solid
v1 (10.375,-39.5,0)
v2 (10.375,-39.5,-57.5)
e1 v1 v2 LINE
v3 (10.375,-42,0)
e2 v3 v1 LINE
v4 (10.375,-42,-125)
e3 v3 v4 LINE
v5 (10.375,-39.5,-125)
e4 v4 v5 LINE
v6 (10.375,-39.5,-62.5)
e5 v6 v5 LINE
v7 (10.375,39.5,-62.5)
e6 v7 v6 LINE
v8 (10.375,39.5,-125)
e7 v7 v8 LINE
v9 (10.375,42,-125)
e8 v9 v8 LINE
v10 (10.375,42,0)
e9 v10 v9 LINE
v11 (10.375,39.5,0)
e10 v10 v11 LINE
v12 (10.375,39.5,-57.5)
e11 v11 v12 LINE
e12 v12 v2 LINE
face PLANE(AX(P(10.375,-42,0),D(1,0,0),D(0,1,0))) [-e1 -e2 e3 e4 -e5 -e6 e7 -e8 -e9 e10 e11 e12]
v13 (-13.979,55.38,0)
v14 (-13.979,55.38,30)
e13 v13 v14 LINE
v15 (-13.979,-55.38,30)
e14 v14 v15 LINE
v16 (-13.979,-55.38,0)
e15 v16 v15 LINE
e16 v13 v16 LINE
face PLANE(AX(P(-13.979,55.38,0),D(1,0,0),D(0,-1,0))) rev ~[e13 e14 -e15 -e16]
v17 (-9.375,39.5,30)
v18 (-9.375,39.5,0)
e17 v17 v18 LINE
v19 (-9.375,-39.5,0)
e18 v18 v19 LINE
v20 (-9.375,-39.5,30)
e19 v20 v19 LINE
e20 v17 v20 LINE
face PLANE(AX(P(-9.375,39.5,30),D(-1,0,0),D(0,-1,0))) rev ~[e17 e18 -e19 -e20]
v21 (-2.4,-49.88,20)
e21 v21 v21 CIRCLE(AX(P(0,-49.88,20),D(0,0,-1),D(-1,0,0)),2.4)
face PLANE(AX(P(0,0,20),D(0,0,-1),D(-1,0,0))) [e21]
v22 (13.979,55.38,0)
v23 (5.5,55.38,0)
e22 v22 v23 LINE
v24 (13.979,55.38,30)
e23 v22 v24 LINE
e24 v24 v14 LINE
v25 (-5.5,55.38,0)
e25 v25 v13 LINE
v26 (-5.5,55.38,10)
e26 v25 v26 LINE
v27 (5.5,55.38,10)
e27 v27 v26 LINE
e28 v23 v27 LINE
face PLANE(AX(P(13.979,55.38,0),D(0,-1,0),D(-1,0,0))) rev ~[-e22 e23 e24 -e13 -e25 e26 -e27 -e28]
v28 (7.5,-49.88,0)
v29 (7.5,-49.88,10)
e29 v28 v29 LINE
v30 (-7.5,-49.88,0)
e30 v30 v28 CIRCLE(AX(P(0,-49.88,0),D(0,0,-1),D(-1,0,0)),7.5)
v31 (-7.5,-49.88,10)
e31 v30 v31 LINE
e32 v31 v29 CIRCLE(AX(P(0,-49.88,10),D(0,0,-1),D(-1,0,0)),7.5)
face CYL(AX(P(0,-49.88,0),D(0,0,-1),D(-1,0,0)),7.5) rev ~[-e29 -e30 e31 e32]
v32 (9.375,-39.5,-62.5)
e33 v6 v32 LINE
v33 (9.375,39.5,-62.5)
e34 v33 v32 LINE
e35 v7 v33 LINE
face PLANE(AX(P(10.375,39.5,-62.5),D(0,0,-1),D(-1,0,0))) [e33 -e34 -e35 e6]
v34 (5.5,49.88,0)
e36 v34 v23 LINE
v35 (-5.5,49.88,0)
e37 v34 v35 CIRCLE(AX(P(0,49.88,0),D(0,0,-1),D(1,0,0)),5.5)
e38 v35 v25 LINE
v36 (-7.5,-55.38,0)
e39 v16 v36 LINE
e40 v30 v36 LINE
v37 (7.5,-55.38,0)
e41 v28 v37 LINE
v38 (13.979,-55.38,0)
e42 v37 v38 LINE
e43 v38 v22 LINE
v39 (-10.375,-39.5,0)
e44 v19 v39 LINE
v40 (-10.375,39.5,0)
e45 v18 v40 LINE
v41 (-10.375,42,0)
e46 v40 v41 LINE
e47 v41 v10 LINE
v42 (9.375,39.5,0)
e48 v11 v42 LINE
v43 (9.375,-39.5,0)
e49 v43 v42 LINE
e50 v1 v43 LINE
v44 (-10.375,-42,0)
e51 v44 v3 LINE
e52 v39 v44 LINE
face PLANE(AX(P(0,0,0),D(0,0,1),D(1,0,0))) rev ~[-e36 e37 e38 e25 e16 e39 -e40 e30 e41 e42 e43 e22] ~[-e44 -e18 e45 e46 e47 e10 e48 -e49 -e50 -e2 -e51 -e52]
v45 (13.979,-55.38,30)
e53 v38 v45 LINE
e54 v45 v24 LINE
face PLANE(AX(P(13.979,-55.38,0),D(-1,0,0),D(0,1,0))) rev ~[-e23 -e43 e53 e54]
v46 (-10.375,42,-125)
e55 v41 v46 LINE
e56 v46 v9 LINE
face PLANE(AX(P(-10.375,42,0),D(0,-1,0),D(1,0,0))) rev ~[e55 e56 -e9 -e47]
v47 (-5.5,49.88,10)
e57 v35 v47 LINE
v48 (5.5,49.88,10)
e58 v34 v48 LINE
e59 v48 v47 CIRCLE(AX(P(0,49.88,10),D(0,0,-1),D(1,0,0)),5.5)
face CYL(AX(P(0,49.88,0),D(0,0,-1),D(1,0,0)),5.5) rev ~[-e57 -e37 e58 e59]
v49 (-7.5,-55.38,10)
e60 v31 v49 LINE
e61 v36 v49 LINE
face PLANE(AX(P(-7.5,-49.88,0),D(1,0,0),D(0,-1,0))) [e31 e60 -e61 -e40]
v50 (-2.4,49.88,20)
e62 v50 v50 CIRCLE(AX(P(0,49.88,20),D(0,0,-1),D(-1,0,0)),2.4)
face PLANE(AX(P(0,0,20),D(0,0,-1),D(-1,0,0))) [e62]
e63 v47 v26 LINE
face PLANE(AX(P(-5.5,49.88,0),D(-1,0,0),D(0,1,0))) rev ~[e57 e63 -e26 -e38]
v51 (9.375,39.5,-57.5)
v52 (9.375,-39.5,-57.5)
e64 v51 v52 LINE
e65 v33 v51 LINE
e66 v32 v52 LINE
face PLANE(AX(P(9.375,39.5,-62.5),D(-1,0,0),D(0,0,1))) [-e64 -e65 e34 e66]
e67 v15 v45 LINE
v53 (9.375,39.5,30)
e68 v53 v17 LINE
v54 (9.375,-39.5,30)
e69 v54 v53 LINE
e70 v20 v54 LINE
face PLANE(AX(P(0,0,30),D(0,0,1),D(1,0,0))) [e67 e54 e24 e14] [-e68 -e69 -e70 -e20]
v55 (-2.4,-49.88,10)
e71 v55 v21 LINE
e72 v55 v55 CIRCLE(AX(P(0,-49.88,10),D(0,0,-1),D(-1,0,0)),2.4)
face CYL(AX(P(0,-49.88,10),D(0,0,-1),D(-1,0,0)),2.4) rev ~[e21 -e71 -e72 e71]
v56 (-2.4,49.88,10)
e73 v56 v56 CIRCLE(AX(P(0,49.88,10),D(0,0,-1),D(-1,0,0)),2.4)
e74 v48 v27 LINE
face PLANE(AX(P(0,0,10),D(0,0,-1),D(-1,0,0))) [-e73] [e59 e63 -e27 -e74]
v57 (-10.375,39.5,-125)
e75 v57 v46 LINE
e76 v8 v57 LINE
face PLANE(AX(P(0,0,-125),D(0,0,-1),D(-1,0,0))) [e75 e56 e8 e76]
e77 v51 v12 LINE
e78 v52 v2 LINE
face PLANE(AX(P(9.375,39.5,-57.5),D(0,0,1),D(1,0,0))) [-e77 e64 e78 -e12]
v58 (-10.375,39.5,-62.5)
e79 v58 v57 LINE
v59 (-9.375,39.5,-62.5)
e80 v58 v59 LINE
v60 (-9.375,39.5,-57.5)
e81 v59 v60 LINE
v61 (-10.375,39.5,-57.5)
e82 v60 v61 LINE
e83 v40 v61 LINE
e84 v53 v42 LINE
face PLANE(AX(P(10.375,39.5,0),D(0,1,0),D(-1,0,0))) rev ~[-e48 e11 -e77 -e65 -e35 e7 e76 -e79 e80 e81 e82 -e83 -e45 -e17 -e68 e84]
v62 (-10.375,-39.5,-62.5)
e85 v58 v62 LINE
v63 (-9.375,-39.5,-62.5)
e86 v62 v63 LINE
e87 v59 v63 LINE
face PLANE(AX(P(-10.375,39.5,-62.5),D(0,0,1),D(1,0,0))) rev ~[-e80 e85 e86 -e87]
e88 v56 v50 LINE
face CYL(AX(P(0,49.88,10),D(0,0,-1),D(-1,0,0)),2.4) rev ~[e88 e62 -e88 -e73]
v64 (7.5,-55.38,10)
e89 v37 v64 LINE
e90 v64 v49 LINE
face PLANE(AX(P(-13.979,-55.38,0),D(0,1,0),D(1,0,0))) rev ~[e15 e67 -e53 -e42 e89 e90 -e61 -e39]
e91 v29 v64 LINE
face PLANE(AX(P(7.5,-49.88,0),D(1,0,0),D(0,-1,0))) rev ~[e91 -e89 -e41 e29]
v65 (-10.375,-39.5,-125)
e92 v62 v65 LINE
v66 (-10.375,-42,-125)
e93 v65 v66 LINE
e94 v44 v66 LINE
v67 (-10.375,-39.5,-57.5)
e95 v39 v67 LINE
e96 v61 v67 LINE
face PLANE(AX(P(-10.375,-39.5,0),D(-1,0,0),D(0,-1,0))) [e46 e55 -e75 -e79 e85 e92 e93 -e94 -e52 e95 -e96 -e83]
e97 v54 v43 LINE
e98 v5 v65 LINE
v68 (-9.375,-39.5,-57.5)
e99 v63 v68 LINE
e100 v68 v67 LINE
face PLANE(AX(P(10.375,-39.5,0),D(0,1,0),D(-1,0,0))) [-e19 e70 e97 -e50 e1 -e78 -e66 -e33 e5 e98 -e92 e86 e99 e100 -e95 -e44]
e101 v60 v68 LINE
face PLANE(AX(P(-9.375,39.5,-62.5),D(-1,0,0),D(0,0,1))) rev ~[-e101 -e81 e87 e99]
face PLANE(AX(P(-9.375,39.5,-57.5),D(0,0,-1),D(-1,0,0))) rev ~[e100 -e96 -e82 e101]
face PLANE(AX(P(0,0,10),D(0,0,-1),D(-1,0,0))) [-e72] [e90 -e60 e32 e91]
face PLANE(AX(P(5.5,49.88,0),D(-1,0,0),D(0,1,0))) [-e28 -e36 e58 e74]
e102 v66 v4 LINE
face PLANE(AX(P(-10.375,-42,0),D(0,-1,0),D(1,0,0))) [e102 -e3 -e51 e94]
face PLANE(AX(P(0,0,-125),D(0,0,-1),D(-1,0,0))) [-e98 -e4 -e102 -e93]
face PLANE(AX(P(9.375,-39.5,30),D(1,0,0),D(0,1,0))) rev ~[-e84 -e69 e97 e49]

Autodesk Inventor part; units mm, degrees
ref_plane "YZ Plane" through (0, 0, 0) normal (1, 0, 0) x (0, 1, 0)
ref_plane "XZ Plane" through (0, 0, 0) normal (0, 1, 0) x (-1, 0, 0)
ref_plane "XY Plane" through (0, 0, 0) normal (0, 0, 1) x (1, 0, 0)
sketch "Sketch1" plane through (0, 0, 0) normal (0, 0, 1) x (1, 0, 0)
  line L0 (-13.979, -55.38) -> (13.979, -55.38)
  line L1 (13.979, -55.38) -> (13.979, 55.38)
  line L2 (13.979, 55.38) -> (-13.979, 55.38)
  line L3 (-13.979, 55.38) -> (-13.979, -55.38)
  line L4 (-13.979, -55.38) -> (13.979, 55.38) construction
  line L5 (13.979, -55.38) -> (-13.979, 55.38) construction
  point P0 (0, 0)
  dimension "d0" = 27.958
  dimension "d1" = 110.76
extrude "Extrusion1" add sketch "Sketch1" along normal blind 30
sketch "Sketch2" plane through (0, 0, 0) normal (0, 0, -1) x (-1, 0, 0)
  line L0 (13.979, -55.38) -> (-13.979, -55.38) construction
  line L1 (0, -55.38) -> (0, -49.88) construction
  arc A0 (7.5, -49.88) -> (-7.5, -49.88) centre (0, -49.88) ccw
  line L2 (-7.5, -49.88) -> (-7.5, -55.38)
  line L3 (7.5, -49.88) -> (7.5, -55.38)
  line L4 (-13.979, 55.38) -> (13.979, 55.38) construction
  line L5 (0, 55.38) -> (0, 49.88) construction
  arc A1 (-5.5, 49.88) -> (5.5, 49.88) centre (0, 49.88) ccw
  line L6 (-5.5, 49.88) -> (-5.5, 55.38)
  line L7 (5.5, 49.88) -> (5.5, 55.38)
  line L8 (-5.5, 55.38) -> (5.5, 55.38)
  line L9 (-7.5, -55.38) -> (7.5, -55.38)
  point P0 (0, 0)
  dimension "d4" = 5.5
  dimension "d5" = 15
  dimension "d6" = 5.5
extrude "Extrusion2" cut sketch "Sketch2" against normal blind 10
sketch "Sketch3" plane through (0, 0, 10) normal (0, 0, -1) x (-1, 0, 0)
  arc A0 (-5.5, 49.88) -> (5.5, 49.88) centre (0, 49.88) ccw projected
  circle A1 centre (0, 49.88) radius 2.4
  arc A2 (7.5, -49.88) -> (-7.5, -49.88) centre (0, -49.88) ccw projected
  circle A3 centre (0, -49.88) radius 2.4
  point P0 (0, 0)
  dimension "d9" = 4.8
  dimension "d10" = 4.8
extrude "Extrusion3" cut sketch "Sketch3" against normal blind 10
sketch "Sketch4" plane through (0, 0, 30) normal (0, 0, 1) x (1, 0, 0)
  line L0 (-9.375, -39.5) -> (9.375, -39.5)
  line L1 (9.375, -39.5) -> (9.375, 39.5)
  line L2 (9.375, 39.5) -> (-9.375, 39.5)
  line L3 (-9.375, 39.5) -> (-9.375, -39.5)
  line L4 (-9.375, -39.5) -> (9.375, 39.5) construction
  line L5 (9.375, -39.5) -> (-9.375, 39.5) construction
  point P0 (0, 0)
  dimension "d13" = 18.75
  dimension "d14" = 79
extrude "Extrusion4" cut sketch "Sketch4" against normal blind 30
sketch "Sketch5" plane through (0, 0, 0) normal (0, 0, -1) x (-1, 0, 0)
  line L0 (9.375, -39.5) -> (-9.375, -39.5) construction
  line L1 (-9.375, -39.5) -> (-10.375, -39.5) construction
  line L2 (9.375, -39.5) -> (10.375, -39.5) construction
  line L3 (-10.375, -39.5) -> (10.375, -39.5)
  line L4 (10.375, -39.5) -> (10.375, -42)
  line L5 (10.375, -42) -> (-10.375, -42)
  line L6 (-10.375, -42) -> (-10.375, -39.5)
  line L7 (-9.375, -39.5) -> (-9.375, 39.5) construction
  line L8 (-9.375, 39.5) -> (-10.375, 39.5) construction
  line L9 (-9.375, 39.5) -> (9.375, 39.5) construction
  line L10 (9.375, 39.5) -> (10.375, 39.5) construction
  line L11 (-10.375, 39.5) -> (10.375, 39.5)
  line L12 (10.375, 39.5) -> (10.375, 42)
  line L13 (10.375, 42) -> (-10.375, 42)
  line L14 (-10.375, 42) -> (-10.375, 39.5)
  point P0 (0, 0)
  dimension "d17" = 1
  dimension "d18" = 1
  dimension "d19" = 2.5
  dimension "d20" = 1
  dimension "d21" = 1
  dimension "d22" = 2.5
extrude "Extrusion5" add sketch "Sketch5" along normal blind 125
sketch "Sketch6" plane through (-9.375, 39.5, 30) normal (0, -1, 0) x (1, 0, 0)
  line L0 (19.75, -30) -> (-1, -30) construction
  line L1 (19.75, -30) -> (19.75, -155) construction
  line L2 (19.75, -30) -> (19.75, -155) construction
  line L3 (19.75, -30) -> (19.75, -155) projected
  line L4 (19.75, -92.5) -> (18.75, -92.5)
  line L5 (18.75, -92.5) -> (18.75, -87.5)
  line L6 (18.75, -87.5) -> (19.75, -87.5)
  line L7 (19.75, -87.5) -> (19.75, -92.5)
  line L8 (-1, -30) -> (-1, -155) projected
  line L9 (-1, -92.5) -> (0, -92.5)
  line L10 (0, -92.5) -> (0, -87.5)
  line L11 (0, -87.5) -> (-1, -87.5)
  line L12 (-1, -87.5) -> (-1, -92.5)
  point P0 (9.375, -30)
  dimension "d25" = 1
  dimension "d26" = 5
  dimension "d27" = 1
  dimension "d28" = 5
extrude "Extrusion6" add sketch "Sketch6" along normal blind 80
properties part number "CyberDeckVerticalInsert4"
